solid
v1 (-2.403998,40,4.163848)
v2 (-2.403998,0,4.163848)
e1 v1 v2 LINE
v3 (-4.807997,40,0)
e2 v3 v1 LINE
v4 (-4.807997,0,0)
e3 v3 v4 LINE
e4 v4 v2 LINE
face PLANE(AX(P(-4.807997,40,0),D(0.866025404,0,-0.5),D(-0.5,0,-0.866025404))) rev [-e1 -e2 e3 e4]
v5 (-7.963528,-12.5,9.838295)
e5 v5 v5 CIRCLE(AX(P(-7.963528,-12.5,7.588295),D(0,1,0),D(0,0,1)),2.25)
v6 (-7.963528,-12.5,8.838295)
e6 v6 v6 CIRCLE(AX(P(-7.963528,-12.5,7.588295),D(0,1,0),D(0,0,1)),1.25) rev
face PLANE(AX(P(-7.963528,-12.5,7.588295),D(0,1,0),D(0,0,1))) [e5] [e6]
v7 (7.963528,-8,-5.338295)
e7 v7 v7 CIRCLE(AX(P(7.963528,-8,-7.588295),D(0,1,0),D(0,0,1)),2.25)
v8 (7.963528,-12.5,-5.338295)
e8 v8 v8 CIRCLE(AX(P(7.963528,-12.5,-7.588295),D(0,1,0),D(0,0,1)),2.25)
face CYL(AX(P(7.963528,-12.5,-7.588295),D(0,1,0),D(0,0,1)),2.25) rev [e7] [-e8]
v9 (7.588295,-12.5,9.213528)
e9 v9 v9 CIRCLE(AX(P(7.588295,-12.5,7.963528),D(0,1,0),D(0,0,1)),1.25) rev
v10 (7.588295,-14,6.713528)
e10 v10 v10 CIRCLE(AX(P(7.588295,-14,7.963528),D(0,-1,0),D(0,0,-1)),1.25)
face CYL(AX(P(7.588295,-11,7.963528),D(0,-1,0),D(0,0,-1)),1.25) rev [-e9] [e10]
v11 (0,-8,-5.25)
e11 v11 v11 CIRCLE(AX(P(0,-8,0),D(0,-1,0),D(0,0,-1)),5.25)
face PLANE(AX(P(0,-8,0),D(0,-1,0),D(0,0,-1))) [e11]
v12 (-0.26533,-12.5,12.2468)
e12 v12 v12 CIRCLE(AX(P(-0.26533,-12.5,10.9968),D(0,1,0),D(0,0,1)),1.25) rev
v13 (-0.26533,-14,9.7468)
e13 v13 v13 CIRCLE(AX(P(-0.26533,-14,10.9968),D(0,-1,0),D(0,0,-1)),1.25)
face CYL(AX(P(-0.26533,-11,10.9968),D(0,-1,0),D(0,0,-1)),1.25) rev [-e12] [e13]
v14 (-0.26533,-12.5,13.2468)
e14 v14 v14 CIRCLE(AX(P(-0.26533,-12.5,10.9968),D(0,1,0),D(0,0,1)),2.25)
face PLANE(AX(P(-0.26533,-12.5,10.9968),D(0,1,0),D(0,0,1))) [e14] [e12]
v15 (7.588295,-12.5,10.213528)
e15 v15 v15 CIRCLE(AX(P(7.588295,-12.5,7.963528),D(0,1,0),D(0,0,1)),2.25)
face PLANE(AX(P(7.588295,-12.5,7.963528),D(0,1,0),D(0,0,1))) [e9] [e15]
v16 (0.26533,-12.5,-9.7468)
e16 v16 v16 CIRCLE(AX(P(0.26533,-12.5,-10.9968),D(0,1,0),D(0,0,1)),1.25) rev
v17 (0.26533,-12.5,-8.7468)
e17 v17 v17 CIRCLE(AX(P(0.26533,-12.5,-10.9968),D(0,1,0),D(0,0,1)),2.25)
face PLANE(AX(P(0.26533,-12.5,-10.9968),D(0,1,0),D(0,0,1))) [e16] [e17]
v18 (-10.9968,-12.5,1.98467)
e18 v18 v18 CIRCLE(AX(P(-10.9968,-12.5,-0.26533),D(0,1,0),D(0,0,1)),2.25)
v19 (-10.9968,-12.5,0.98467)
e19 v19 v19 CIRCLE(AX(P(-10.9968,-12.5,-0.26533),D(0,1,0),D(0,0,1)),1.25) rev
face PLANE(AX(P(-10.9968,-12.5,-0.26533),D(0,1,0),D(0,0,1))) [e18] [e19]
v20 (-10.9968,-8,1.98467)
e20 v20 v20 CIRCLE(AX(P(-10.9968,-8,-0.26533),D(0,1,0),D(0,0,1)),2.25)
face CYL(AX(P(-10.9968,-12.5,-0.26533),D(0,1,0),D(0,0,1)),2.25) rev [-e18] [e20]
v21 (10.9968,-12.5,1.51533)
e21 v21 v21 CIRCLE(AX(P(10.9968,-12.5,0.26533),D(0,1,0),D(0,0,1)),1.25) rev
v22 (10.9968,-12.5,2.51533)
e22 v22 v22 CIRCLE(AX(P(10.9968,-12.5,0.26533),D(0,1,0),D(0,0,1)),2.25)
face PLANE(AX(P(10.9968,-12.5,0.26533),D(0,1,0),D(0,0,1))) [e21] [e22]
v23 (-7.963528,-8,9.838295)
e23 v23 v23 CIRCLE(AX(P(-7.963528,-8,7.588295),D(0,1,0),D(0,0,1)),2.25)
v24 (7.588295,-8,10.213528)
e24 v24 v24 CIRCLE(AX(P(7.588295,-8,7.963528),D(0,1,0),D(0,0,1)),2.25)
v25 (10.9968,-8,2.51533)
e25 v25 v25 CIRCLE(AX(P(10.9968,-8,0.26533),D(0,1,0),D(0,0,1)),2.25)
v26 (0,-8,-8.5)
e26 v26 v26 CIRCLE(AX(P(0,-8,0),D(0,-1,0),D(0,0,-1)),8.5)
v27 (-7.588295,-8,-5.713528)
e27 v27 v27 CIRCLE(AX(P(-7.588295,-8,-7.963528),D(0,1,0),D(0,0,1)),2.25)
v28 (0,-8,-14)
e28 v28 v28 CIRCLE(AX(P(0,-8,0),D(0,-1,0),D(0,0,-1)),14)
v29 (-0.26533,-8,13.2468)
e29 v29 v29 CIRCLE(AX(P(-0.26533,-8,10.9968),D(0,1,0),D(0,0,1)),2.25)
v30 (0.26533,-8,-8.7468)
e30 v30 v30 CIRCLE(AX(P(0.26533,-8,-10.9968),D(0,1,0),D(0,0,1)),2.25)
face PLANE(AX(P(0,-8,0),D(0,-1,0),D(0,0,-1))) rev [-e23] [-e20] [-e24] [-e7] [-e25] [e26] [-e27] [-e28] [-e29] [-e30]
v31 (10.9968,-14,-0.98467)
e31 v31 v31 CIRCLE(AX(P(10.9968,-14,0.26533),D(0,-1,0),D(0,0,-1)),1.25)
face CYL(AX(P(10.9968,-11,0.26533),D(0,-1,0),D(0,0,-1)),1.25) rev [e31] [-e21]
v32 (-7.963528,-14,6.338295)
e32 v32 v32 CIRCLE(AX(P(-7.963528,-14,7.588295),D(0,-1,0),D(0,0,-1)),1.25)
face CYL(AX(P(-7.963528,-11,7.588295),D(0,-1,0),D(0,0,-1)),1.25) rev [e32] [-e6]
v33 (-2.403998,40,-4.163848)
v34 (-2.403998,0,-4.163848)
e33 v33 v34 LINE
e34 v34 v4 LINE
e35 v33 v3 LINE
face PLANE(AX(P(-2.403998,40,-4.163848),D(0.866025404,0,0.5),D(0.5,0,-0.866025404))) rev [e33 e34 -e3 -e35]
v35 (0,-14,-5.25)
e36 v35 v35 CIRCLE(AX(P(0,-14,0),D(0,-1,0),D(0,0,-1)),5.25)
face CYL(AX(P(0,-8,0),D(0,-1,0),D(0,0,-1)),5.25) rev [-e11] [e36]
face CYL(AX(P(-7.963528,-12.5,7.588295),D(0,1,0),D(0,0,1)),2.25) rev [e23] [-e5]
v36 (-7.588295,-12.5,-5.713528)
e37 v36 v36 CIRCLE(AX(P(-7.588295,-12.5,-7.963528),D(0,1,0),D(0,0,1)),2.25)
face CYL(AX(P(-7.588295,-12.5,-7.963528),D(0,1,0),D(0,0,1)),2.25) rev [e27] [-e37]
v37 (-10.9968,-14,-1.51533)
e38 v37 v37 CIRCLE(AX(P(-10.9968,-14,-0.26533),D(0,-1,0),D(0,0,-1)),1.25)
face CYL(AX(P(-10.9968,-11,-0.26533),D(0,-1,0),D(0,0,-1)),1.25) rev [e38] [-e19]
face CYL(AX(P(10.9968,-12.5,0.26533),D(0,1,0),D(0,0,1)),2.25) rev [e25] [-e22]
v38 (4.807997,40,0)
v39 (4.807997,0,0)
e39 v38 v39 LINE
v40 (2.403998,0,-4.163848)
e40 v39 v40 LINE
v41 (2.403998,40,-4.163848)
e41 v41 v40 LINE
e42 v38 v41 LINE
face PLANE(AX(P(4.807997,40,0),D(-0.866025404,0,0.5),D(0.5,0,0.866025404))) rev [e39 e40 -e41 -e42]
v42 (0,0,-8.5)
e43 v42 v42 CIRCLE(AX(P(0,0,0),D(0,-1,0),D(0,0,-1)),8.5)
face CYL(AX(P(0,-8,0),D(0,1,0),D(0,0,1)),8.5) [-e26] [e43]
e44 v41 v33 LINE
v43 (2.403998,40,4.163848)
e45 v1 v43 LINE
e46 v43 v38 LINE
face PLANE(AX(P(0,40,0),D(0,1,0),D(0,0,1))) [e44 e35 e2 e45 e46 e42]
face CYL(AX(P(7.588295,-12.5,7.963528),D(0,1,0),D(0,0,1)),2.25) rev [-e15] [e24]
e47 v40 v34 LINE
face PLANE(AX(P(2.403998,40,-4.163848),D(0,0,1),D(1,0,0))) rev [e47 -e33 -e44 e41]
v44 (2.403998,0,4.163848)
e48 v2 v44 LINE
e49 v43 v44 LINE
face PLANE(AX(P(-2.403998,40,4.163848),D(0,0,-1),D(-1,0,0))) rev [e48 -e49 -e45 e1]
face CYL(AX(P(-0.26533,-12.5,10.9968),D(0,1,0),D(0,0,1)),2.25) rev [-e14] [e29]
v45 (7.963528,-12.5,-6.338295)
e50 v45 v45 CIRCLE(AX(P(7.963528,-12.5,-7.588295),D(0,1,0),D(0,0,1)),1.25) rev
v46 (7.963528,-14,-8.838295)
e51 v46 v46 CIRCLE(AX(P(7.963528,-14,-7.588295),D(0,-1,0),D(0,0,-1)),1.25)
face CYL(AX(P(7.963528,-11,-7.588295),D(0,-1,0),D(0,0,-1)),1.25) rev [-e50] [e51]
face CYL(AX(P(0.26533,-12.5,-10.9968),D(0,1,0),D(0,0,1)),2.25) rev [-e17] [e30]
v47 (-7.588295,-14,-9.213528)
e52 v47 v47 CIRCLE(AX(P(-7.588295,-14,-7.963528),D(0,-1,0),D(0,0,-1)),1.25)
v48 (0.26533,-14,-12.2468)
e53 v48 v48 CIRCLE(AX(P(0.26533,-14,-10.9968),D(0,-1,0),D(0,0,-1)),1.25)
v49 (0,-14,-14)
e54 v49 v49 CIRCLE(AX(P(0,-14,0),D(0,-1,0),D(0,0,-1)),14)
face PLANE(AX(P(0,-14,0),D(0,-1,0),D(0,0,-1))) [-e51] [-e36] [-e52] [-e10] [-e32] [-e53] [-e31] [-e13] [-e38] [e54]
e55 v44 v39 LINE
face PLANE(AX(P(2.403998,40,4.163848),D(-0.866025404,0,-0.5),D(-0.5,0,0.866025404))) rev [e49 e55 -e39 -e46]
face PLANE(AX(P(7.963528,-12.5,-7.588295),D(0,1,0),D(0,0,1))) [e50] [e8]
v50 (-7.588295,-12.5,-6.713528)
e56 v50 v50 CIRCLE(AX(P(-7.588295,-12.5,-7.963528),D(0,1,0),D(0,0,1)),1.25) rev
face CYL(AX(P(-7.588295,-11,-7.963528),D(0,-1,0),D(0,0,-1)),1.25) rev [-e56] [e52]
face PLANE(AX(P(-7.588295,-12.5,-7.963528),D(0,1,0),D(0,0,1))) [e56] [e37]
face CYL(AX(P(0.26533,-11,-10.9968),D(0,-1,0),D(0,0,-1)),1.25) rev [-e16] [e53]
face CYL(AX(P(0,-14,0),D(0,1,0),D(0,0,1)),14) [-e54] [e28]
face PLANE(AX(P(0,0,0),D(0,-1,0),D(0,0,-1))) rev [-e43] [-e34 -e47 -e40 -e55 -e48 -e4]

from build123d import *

# Parameters (mm, degrees)
BOSS_EXTRUDE1_DEPTH = 40
SKETCH3_R           = 8.5
BOSS_EXTRUDE2_DEPTH = 8
SKETCH4_R           = 14
BOSS_EXTRUDE3_DEPTH = 6
SKETCH13_R          = 1.25
CUT_EXTRUDE8_DEPTH  = 3
SKETCH14_R          = 5.25
CUT_EXTRUDE9_DEPTH  = 6
SKETCH15_R          = 2.25
CUT_EXTRUDE10_DEPTH = 4.5


with BuildPart() as part:
    # Sketch1 → Boss-Extrude1 (new body)
    with BuildSketch(Plane(origin=(0, 0, 0), x_dir=(1, 0, 0), z_dir=(0, 1, 0))):
        Polygon((-4.807996979, 0), (-2.40399849, -4.163847525), (2.40399849, -4.163847525), (4.807996979, 0), (2.40399849, 4.163847525), (-2.40399849, 4.163847525), align=None)
    extrude(amount=BOSS_EXTRUDE1_DEPTH)

    # Sketch3 → Boss-Extrude2 (add)
    with BuildSketch(Plane(origin=(0, 0, 0), x_dir=(-1, 0, 0), z_dir=(0, -1, 0))):
        Circle(SKETCH3_R)
    extrude(amount=BOSS_EXTRUDE2_DEPTH)

    # Sketch4 → Boss-Extrude3 (add)
    with BuildSketch(Plane(origin=(0, -8, 0), x_dir=(-1, 0, 0), z_dir=(0, -1, 0))):
        Circle(SKETCH4_R)
    extrude(amount=BOSS_EXTRUDE3_DEPTH)

    # Sketch13 → Cut-Extrude8 (cut)
    with BuildSketch(Plane(origin=(0, -14, 0), x_dir=(-1, 0, 0), z_dir=(0, -1, 0))):
        with Locations((7.588295109, 7.963527946)):
            Circle(SKETCH13_R)
        with Locations((10.996799542, 0.265329684)):
            Circle(SKETCH13_R)
        with Locations((7.963527946, -7.588295109)):
            Circle(SKETCH13_R)
        with Locations((0.265329684, -10.996799542)):
            Circle(SKETCH13_R)
        with Locations((-7.588295109, -7.963527946)):
            Circle(SKETCH13_R)
        with Locations((-10.996799542, -0.265329684)):
            Circle(SKETCH13_R)
        with Locations((-7.963527946, 7.588295109)):
            Circle(SKETCH13_R)
        with Locations((-0.265329684, 10.996799542)):
            Circle(SKETCH13_R)
    extrude(amount=-CUT_EXTRUDE8_DEPTH, mode=Mode.SUBTRACT)

    # Sketch14 → Cut-Extrude9 (cut)
    with BuildSketch(Plane(origin=(0, -14, 0), x_dir=(-1, 0, 0), z_dir=(0, -1, 0))):
        Circle(SKETCH14_R)
    extrude(amount=-CUT_EXTRUDE9_DEPTH, mode=Mode.SUBTRACT)

    # Sketch15 → Cut-Extrude10 (cut)
    with BuildSketch(Plane(origin=(0, -8, 0), x_dir=(1, 0, 0), z_dir=(0, 1, 0))):
        with Locations((10.996799542, -0.265329684)):
            Circle(SKETCH15_R)
        with Locations((7.588295109, -7.963527946)):
            Circle(SKETCH15_R)
        with Locations((-0.265329684, -10.996799542)):
            Circle(SKETCH15_R)
        with Locations((-7.963527946, -7.588295109)):
            Circle(SKETCH15_R)
        with Locations((-10.996799542, 0.265329684)):
            Circle(SKETCH15_R)
        with Locations((-7.588295109, 7.963527946)):
            Circle(SKETCH15_R)
        with Locations((0.265329684, 10.996799542)):
            Circle(SKETCH15_R)
        with Locations((7.963527946, 7.588295109)):
            Circle(SKETCH15_R)
    extrude(amount=-CUT_EXTRUDE10_DEPTH, mode=Mode.SUBTRACT)


solid = part.part
